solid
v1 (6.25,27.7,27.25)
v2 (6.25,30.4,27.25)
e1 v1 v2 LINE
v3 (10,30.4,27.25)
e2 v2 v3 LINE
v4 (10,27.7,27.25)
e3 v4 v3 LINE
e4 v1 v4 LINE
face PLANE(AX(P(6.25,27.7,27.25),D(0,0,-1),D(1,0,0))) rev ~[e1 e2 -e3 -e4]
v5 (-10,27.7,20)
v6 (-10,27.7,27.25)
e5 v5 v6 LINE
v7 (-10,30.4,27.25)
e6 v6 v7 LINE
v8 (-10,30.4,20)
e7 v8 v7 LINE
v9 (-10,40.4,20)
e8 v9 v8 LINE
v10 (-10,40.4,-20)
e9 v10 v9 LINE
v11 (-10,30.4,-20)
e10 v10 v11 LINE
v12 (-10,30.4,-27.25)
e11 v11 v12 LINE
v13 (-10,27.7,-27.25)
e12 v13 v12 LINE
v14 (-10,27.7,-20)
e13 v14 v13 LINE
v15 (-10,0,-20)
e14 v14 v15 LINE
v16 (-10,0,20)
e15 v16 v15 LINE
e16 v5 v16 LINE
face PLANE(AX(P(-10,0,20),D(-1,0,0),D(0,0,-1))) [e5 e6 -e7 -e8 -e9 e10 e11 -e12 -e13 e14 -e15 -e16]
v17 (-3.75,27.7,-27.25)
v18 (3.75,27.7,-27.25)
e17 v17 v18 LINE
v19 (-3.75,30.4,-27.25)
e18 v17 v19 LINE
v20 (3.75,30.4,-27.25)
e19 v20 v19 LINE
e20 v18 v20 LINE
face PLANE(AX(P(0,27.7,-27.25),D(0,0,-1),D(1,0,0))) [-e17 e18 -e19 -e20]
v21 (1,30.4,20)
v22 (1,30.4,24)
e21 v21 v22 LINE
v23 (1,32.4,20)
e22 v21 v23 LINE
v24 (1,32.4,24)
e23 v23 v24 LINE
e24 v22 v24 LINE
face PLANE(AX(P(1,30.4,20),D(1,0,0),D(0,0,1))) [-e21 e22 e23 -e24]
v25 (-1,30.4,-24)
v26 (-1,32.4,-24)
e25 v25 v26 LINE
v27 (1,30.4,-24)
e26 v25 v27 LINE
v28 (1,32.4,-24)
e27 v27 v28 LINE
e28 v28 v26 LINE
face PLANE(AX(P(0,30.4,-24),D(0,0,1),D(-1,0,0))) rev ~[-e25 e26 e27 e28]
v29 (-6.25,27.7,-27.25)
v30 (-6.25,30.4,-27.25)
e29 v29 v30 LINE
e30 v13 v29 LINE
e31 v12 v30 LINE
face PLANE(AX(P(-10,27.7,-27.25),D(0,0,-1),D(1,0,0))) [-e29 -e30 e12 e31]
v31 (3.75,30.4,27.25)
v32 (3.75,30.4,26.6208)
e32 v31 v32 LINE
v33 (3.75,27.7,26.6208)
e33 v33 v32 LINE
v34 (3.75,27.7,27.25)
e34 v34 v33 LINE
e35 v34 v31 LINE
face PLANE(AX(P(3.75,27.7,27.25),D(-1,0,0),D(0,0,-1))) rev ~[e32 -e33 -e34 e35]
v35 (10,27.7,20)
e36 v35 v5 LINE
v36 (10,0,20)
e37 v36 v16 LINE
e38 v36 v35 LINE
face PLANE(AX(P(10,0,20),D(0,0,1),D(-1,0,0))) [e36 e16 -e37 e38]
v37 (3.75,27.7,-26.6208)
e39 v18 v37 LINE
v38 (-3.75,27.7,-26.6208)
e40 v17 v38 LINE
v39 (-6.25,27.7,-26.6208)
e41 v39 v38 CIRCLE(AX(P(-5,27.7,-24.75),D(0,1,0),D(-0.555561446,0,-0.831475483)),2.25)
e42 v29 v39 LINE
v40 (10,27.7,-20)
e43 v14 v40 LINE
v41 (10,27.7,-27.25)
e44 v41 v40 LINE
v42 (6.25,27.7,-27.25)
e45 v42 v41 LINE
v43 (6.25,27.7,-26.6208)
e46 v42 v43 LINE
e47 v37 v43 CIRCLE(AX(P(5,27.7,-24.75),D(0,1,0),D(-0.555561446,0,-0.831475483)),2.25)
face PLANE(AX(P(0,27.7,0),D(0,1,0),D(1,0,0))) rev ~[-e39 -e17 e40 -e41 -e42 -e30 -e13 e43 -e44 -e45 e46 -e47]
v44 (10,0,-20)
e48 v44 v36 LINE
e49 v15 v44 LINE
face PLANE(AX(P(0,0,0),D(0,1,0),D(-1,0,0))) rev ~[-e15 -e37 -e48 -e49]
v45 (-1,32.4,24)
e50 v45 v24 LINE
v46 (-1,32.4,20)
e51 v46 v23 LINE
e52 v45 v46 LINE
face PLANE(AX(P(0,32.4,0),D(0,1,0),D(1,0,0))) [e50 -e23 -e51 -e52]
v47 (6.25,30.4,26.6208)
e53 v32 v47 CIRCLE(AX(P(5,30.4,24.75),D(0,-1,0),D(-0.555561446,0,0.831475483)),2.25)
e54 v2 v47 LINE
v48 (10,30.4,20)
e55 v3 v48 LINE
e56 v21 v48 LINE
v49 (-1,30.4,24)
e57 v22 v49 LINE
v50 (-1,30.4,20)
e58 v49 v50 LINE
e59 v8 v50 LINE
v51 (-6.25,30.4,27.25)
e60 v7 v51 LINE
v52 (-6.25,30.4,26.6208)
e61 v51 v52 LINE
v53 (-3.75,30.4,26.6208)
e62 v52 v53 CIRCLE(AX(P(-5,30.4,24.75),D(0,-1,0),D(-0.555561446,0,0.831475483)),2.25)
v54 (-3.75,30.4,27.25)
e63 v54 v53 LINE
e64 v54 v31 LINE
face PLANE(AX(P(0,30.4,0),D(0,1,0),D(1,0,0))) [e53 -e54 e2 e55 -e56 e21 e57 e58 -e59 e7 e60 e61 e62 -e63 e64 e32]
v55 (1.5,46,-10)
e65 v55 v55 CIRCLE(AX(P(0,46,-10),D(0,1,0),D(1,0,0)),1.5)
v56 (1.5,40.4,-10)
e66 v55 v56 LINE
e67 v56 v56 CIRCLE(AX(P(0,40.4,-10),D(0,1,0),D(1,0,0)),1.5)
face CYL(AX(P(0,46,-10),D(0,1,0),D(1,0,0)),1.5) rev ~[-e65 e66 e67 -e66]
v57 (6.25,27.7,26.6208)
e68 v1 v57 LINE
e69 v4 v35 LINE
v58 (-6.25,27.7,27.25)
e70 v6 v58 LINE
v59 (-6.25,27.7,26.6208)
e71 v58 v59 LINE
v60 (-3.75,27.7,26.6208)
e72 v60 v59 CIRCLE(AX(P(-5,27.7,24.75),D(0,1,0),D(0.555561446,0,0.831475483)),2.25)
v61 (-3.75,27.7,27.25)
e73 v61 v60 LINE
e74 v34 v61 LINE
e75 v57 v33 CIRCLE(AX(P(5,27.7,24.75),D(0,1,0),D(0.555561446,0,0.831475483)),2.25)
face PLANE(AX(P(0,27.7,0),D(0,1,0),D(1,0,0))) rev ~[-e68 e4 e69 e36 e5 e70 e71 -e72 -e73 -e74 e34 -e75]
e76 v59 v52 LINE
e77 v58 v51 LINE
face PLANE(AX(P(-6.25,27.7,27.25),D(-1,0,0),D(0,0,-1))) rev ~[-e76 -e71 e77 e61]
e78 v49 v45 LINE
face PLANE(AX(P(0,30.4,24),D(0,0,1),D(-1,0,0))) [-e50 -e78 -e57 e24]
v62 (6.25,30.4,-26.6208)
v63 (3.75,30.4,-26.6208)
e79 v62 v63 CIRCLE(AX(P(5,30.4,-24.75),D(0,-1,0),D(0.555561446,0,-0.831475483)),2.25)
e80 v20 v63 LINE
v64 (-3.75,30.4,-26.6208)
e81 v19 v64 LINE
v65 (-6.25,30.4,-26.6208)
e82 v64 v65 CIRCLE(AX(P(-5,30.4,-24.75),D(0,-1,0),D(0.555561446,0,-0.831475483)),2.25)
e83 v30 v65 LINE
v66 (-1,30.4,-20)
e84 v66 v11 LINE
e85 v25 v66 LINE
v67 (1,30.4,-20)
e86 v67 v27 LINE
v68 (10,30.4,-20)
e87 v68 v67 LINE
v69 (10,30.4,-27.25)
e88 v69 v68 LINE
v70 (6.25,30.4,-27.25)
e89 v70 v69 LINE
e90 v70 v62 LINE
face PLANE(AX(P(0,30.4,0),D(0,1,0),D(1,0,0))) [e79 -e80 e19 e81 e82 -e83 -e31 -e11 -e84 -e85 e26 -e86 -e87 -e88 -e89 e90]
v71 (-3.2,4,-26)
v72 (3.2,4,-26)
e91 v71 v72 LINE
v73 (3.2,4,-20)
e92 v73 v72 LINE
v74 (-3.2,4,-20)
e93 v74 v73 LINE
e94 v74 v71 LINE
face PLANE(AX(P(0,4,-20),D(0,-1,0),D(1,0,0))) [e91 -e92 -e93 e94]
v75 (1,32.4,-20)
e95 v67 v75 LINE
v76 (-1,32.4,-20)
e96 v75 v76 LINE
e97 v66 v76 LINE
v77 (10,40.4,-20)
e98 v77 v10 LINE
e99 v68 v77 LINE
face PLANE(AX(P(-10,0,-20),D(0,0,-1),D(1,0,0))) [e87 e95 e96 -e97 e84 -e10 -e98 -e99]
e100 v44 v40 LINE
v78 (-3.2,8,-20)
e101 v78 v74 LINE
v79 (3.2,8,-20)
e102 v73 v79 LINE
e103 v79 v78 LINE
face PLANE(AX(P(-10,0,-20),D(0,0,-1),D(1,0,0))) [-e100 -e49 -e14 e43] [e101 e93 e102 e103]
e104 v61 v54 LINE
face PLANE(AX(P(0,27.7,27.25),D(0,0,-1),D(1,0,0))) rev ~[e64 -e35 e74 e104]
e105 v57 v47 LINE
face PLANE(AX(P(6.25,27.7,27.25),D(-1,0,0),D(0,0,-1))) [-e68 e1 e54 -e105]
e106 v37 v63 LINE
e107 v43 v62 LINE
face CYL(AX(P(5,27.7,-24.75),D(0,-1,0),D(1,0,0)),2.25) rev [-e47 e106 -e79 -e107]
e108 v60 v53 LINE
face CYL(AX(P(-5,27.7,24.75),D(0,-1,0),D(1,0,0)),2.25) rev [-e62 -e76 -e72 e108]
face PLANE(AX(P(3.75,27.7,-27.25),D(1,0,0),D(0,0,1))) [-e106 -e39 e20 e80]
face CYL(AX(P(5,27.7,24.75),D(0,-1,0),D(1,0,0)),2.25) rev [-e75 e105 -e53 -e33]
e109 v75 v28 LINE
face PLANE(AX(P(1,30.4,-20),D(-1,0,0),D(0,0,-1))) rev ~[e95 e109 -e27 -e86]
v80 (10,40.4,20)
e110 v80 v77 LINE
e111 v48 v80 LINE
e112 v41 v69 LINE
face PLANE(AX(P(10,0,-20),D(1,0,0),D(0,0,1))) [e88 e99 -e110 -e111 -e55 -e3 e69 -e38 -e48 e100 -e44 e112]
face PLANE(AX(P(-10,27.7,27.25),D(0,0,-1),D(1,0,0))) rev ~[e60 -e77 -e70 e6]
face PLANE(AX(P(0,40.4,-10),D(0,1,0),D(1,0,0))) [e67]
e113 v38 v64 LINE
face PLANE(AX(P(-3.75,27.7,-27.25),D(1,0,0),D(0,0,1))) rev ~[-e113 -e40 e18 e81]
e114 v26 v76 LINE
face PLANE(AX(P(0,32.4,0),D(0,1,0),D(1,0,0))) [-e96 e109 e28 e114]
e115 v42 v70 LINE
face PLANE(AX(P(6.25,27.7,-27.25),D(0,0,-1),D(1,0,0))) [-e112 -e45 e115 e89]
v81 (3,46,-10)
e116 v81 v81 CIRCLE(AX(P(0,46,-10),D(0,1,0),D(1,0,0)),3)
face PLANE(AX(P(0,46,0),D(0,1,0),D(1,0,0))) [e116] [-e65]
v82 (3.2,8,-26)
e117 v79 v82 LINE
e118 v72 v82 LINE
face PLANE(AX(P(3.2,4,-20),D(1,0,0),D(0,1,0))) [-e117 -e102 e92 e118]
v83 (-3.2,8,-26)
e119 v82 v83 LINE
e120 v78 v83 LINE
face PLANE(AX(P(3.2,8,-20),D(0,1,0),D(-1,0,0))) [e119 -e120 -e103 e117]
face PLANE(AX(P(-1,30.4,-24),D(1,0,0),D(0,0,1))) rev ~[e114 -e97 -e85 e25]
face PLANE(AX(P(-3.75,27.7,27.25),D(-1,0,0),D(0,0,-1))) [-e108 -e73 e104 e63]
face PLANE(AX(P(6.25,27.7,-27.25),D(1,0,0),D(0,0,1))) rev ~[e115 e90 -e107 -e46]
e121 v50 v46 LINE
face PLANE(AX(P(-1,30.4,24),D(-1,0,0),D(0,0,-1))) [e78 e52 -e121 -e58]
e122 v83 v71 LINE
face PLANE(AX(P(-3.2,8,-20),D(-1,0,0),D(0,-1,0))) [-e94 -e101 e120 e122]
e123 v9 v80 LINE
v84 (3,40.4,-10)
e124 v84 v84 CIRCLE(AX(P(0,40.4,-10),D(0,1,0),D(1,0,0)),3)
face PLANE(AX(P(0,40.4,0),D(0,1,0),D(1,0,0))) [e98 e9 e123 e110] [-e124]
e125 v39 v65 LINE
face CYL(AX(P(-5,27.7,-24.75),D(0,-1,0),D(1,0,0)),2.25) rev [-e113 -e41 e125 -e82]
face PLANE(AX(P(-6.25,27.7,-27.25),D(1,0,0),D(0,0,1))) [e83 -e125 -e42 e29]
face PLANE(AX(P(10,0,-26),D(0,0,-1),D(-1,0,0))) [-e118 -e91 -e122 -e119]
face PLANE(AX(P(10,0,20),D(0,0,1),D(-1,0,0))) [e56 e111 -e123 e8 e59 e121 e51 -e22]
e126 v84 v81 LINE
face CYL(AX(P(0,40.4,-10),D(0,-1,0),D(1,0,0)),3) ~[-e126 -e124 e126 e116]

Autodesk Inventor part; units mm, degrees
ref_plane "YZ Plane" through (0, 0, 0) normal (1, 0, 0) x (0, 1, 0)
ref_plane "XZ Plane" through (0, 0, 0) normal (0, 1, 0) x (-1, 0, 0)
sketch "Sketch1" plane through (0, 0, 0) normal (0, 1, 0) x (-1, 0, 0)
  line L0 (-10, 20) -> (10, 20)
  line L1 (10, 20) -> (10, -20)
  line L2 (10, -20) -> (-10, -20)
  line L3 (-10, -20) -> (-10, 20)
  line L4 (-10, 20) -> (10, -20) construction
  line L5 (10, 20) -> (-10, -20) construction
  point P0 (0, 0)
  dimension "d0" = 20
  dimension "d1" = 40
extrude "Extrusion1" add sketch "Sketch1" along normal blind 27.7
ref_plane "Work Plane1" through (0, 27.7, 0) normal (0, 1, 0) x (1, 0, 0)
sketch "Sketch2" plane through (0, 27.7, 0) normal (0, 1, 0) x (1, 0, 0)
  line L0 (-10, 20) -> (-10, -20) projected
  line L1 (-10, -20) -> (10, -20) projected
  line L2 (10, -20) -> (10, 20) projected
  line L3 (10, 20) -> (-10, 20) projected
  point P0 (0, 0)
extrude "Extrusion2" add sketch "Sketch2" along normal blind 12.7
sketch "Sketch3" plane through (0, 27.7, 0) normal (0, 1, 0) x (1, 0, 0)
  line L0 (10, -20) -> (10, 20) projected
  line L1 (10, 20) -> (-10, 20) projected
  line L2 (-10, 20) -> (-10, -20) projected
  line L3 (-10, -20) -> (10, -20) projected
  line L4 (10, -20) -> (-10, -20)
  line L5 (-10, -20) -> (-10, -27.25)
  line L6 (-10, -27.25) -> (10, -27.25)
  line L7 (10, -27.25) -> (10, -20)
  line L8 (10, 20) -> (-10, 20)
  line L9 (-10, 20) -> (-10, 27.25)
  line L10 (-10, 27.25) -> (10, 27.25)
  line L11 (10, 27.25) -> (10, 20)
  circle A0 centre (-5, -24.75) radius 2.25
  line L12 (-14, 0) -> (14, 0) projected
  line L13 (0, 38.15) -> (0, -38.15) projected
  circle A1 centre (-5, 24.75) radius 2.25
  circle A2 centre (5, -24.75) radius 2.25
  circle A3 centre (5, 24.75) radius 2.25
  line L14 (-6.25, -27.25) -> (-6.25, -26.6208)
  line L15 (-5, -27.25) -> (-5, -27)
  line L16 (-3.75, -27.25) -> (-3.75, -26.6208)
  line L17 (-6.25, 27.25) -> (-6.25, 26.6208)
  line L18 (-3.75, 27.25) -> (-3.75, 26.6208)
  line L19 (6.25, -27.25) -> (6.25, -26.6208)
  line L20 (3.75, -27.25) -> (3.75, -26.6208)
  line L21 (6.25, 27.25) -> (6.25, 26.6208)
  line L22 (3.75, 27.25) -> (3.75, 26.6208)
  point P0 (0, 0)
  point P1 (5.7141, 27.25)
  point P2 (4.2859, 27.25)
  point P3 (-4.2859, 27.25)
  point P4 (-5.7141, 27.25)
  point P5 (-5.7141, -27.25)
  point P6 (-4.2859, -27.25)
  point P7 (4.2859, -27.25)
  point P8 (5.7141, -27.25)
  point P9 (3.75, -26.6208)
  point P10 (6.25, 26.6208)
  point P11 (-6.25, 26.6208)
  dimension "d7" = 54.5
  dimension "d8" = 10
  dimension "d9" = 49.5
  dimension "d10" = 4.5
  dimension "d13" = 2.5
extrude "Extrusion3" add sketch "Sketch3" along normal blind 2.7 contours L7 L6 L19 A2 L20 L13 L3 | L13 L6 L16 A0 L14 L5 L3 | L1 L13 L10 L22 A3 L21 L11 | L1 L9 L10 L17 A1 L18 L13
sketch "Sketch4" plane through (0, 30.4, 0) normal (0, 1, 0) x (1, 0, 0)
  line L0 (-10, -20) -> (10, -20) projected
  line L1 (1, -24) -> (-1, -24)
  line L2 (-1, -24) -> (-1, -20)
  line L3 (-1, -20) -> (1, -20)
  line L4 (1, -20) -> (1, -24)
  line L5 (1, -24) -> (-1, -20) construction
  line L6 (-1, -24) -> (1, -20) construction
  line L7 (0, 38.15) -> (0, -38.15) projected
  line L8 (-14, 0) -> (14, 0) projected
  line L9 (1, 24) -> (-1, 24)
  line L10 (-1, 24) -> (-1, 20)
  line L11 (1, 20) -> (1, 24)
  line L12 (-1, 20) -> (1, 20)
  line L13 (10, 20) -> (-10, 20) projected
  point P0 (0, 0)
  point P1 (0, -22)
  point P2 (0, -22)
  point P3 (1, -20)
  dimension "d14" = 2
  dimension "d15" = 4
extrude "Extrusion4" add sketch "Sketch4" along normal blind 2
sketch "Sketch5" plane through (0, 40.4, 0) normal (0, 1, 0) x (1, 0, 0)
  circle A0 centre (0, 10) radius 3
  line L0 (10, -20) -> (10, 20) projected
  line L1 (10, 20) -> (-10, 20) projected
  line L2 (-10, 20) -> (-10, -20) projected
  line L3 (-10, -20) -> (10, -20) projected
  point P0 (0, 0)
  dimension "d18" = 6
  dimension "d19" = 30
extrude "Extrusion5" add sketch "Sketch5" along normal blind 5.6 contours A0
sketch "Sketch6" plane through (0, 46, -10) normal (0, 1, 0) x (1, 0, 0)
  circle A0 centre (0, 0) radius 3 projected
  circle A1 centre (0, 0) radius 1.5
  point P0 (0, -10)
  dimension "d22" = 3
extrude "Extrusion6" cut sketch "Sketch6" against normal up to surface (5.6 mm away) contours A1
sketch "Sketch7" plane through (10, 0, -20) normal (0, 0, -1) x (-1, 0, 0)
  line L0 (6.8, 8) -> (13.2, 8)
  line L1 (13.2, 8) -> (13.2, 4)
  line L2 (13.2, 4) -> (6.8, 4)
  line L3 (6.8, 4) -> (6.8, 8)
  line L4 (6.8, 8) -> (13.2, 4) construction
  line L5 (13.2, 8) -> (6.8, 4) construction
  line L6 (0, 0) -> (20, 0) projected
  line L7 (10, 0) -> (10, 6)
  dimension "d25" = 6.4
  dimension "d26" = 4
  dimension "d27" = 8
extrude "Extrusion7" add sketch "Sketch7" along normal blind 6
properties part number "Servo"
